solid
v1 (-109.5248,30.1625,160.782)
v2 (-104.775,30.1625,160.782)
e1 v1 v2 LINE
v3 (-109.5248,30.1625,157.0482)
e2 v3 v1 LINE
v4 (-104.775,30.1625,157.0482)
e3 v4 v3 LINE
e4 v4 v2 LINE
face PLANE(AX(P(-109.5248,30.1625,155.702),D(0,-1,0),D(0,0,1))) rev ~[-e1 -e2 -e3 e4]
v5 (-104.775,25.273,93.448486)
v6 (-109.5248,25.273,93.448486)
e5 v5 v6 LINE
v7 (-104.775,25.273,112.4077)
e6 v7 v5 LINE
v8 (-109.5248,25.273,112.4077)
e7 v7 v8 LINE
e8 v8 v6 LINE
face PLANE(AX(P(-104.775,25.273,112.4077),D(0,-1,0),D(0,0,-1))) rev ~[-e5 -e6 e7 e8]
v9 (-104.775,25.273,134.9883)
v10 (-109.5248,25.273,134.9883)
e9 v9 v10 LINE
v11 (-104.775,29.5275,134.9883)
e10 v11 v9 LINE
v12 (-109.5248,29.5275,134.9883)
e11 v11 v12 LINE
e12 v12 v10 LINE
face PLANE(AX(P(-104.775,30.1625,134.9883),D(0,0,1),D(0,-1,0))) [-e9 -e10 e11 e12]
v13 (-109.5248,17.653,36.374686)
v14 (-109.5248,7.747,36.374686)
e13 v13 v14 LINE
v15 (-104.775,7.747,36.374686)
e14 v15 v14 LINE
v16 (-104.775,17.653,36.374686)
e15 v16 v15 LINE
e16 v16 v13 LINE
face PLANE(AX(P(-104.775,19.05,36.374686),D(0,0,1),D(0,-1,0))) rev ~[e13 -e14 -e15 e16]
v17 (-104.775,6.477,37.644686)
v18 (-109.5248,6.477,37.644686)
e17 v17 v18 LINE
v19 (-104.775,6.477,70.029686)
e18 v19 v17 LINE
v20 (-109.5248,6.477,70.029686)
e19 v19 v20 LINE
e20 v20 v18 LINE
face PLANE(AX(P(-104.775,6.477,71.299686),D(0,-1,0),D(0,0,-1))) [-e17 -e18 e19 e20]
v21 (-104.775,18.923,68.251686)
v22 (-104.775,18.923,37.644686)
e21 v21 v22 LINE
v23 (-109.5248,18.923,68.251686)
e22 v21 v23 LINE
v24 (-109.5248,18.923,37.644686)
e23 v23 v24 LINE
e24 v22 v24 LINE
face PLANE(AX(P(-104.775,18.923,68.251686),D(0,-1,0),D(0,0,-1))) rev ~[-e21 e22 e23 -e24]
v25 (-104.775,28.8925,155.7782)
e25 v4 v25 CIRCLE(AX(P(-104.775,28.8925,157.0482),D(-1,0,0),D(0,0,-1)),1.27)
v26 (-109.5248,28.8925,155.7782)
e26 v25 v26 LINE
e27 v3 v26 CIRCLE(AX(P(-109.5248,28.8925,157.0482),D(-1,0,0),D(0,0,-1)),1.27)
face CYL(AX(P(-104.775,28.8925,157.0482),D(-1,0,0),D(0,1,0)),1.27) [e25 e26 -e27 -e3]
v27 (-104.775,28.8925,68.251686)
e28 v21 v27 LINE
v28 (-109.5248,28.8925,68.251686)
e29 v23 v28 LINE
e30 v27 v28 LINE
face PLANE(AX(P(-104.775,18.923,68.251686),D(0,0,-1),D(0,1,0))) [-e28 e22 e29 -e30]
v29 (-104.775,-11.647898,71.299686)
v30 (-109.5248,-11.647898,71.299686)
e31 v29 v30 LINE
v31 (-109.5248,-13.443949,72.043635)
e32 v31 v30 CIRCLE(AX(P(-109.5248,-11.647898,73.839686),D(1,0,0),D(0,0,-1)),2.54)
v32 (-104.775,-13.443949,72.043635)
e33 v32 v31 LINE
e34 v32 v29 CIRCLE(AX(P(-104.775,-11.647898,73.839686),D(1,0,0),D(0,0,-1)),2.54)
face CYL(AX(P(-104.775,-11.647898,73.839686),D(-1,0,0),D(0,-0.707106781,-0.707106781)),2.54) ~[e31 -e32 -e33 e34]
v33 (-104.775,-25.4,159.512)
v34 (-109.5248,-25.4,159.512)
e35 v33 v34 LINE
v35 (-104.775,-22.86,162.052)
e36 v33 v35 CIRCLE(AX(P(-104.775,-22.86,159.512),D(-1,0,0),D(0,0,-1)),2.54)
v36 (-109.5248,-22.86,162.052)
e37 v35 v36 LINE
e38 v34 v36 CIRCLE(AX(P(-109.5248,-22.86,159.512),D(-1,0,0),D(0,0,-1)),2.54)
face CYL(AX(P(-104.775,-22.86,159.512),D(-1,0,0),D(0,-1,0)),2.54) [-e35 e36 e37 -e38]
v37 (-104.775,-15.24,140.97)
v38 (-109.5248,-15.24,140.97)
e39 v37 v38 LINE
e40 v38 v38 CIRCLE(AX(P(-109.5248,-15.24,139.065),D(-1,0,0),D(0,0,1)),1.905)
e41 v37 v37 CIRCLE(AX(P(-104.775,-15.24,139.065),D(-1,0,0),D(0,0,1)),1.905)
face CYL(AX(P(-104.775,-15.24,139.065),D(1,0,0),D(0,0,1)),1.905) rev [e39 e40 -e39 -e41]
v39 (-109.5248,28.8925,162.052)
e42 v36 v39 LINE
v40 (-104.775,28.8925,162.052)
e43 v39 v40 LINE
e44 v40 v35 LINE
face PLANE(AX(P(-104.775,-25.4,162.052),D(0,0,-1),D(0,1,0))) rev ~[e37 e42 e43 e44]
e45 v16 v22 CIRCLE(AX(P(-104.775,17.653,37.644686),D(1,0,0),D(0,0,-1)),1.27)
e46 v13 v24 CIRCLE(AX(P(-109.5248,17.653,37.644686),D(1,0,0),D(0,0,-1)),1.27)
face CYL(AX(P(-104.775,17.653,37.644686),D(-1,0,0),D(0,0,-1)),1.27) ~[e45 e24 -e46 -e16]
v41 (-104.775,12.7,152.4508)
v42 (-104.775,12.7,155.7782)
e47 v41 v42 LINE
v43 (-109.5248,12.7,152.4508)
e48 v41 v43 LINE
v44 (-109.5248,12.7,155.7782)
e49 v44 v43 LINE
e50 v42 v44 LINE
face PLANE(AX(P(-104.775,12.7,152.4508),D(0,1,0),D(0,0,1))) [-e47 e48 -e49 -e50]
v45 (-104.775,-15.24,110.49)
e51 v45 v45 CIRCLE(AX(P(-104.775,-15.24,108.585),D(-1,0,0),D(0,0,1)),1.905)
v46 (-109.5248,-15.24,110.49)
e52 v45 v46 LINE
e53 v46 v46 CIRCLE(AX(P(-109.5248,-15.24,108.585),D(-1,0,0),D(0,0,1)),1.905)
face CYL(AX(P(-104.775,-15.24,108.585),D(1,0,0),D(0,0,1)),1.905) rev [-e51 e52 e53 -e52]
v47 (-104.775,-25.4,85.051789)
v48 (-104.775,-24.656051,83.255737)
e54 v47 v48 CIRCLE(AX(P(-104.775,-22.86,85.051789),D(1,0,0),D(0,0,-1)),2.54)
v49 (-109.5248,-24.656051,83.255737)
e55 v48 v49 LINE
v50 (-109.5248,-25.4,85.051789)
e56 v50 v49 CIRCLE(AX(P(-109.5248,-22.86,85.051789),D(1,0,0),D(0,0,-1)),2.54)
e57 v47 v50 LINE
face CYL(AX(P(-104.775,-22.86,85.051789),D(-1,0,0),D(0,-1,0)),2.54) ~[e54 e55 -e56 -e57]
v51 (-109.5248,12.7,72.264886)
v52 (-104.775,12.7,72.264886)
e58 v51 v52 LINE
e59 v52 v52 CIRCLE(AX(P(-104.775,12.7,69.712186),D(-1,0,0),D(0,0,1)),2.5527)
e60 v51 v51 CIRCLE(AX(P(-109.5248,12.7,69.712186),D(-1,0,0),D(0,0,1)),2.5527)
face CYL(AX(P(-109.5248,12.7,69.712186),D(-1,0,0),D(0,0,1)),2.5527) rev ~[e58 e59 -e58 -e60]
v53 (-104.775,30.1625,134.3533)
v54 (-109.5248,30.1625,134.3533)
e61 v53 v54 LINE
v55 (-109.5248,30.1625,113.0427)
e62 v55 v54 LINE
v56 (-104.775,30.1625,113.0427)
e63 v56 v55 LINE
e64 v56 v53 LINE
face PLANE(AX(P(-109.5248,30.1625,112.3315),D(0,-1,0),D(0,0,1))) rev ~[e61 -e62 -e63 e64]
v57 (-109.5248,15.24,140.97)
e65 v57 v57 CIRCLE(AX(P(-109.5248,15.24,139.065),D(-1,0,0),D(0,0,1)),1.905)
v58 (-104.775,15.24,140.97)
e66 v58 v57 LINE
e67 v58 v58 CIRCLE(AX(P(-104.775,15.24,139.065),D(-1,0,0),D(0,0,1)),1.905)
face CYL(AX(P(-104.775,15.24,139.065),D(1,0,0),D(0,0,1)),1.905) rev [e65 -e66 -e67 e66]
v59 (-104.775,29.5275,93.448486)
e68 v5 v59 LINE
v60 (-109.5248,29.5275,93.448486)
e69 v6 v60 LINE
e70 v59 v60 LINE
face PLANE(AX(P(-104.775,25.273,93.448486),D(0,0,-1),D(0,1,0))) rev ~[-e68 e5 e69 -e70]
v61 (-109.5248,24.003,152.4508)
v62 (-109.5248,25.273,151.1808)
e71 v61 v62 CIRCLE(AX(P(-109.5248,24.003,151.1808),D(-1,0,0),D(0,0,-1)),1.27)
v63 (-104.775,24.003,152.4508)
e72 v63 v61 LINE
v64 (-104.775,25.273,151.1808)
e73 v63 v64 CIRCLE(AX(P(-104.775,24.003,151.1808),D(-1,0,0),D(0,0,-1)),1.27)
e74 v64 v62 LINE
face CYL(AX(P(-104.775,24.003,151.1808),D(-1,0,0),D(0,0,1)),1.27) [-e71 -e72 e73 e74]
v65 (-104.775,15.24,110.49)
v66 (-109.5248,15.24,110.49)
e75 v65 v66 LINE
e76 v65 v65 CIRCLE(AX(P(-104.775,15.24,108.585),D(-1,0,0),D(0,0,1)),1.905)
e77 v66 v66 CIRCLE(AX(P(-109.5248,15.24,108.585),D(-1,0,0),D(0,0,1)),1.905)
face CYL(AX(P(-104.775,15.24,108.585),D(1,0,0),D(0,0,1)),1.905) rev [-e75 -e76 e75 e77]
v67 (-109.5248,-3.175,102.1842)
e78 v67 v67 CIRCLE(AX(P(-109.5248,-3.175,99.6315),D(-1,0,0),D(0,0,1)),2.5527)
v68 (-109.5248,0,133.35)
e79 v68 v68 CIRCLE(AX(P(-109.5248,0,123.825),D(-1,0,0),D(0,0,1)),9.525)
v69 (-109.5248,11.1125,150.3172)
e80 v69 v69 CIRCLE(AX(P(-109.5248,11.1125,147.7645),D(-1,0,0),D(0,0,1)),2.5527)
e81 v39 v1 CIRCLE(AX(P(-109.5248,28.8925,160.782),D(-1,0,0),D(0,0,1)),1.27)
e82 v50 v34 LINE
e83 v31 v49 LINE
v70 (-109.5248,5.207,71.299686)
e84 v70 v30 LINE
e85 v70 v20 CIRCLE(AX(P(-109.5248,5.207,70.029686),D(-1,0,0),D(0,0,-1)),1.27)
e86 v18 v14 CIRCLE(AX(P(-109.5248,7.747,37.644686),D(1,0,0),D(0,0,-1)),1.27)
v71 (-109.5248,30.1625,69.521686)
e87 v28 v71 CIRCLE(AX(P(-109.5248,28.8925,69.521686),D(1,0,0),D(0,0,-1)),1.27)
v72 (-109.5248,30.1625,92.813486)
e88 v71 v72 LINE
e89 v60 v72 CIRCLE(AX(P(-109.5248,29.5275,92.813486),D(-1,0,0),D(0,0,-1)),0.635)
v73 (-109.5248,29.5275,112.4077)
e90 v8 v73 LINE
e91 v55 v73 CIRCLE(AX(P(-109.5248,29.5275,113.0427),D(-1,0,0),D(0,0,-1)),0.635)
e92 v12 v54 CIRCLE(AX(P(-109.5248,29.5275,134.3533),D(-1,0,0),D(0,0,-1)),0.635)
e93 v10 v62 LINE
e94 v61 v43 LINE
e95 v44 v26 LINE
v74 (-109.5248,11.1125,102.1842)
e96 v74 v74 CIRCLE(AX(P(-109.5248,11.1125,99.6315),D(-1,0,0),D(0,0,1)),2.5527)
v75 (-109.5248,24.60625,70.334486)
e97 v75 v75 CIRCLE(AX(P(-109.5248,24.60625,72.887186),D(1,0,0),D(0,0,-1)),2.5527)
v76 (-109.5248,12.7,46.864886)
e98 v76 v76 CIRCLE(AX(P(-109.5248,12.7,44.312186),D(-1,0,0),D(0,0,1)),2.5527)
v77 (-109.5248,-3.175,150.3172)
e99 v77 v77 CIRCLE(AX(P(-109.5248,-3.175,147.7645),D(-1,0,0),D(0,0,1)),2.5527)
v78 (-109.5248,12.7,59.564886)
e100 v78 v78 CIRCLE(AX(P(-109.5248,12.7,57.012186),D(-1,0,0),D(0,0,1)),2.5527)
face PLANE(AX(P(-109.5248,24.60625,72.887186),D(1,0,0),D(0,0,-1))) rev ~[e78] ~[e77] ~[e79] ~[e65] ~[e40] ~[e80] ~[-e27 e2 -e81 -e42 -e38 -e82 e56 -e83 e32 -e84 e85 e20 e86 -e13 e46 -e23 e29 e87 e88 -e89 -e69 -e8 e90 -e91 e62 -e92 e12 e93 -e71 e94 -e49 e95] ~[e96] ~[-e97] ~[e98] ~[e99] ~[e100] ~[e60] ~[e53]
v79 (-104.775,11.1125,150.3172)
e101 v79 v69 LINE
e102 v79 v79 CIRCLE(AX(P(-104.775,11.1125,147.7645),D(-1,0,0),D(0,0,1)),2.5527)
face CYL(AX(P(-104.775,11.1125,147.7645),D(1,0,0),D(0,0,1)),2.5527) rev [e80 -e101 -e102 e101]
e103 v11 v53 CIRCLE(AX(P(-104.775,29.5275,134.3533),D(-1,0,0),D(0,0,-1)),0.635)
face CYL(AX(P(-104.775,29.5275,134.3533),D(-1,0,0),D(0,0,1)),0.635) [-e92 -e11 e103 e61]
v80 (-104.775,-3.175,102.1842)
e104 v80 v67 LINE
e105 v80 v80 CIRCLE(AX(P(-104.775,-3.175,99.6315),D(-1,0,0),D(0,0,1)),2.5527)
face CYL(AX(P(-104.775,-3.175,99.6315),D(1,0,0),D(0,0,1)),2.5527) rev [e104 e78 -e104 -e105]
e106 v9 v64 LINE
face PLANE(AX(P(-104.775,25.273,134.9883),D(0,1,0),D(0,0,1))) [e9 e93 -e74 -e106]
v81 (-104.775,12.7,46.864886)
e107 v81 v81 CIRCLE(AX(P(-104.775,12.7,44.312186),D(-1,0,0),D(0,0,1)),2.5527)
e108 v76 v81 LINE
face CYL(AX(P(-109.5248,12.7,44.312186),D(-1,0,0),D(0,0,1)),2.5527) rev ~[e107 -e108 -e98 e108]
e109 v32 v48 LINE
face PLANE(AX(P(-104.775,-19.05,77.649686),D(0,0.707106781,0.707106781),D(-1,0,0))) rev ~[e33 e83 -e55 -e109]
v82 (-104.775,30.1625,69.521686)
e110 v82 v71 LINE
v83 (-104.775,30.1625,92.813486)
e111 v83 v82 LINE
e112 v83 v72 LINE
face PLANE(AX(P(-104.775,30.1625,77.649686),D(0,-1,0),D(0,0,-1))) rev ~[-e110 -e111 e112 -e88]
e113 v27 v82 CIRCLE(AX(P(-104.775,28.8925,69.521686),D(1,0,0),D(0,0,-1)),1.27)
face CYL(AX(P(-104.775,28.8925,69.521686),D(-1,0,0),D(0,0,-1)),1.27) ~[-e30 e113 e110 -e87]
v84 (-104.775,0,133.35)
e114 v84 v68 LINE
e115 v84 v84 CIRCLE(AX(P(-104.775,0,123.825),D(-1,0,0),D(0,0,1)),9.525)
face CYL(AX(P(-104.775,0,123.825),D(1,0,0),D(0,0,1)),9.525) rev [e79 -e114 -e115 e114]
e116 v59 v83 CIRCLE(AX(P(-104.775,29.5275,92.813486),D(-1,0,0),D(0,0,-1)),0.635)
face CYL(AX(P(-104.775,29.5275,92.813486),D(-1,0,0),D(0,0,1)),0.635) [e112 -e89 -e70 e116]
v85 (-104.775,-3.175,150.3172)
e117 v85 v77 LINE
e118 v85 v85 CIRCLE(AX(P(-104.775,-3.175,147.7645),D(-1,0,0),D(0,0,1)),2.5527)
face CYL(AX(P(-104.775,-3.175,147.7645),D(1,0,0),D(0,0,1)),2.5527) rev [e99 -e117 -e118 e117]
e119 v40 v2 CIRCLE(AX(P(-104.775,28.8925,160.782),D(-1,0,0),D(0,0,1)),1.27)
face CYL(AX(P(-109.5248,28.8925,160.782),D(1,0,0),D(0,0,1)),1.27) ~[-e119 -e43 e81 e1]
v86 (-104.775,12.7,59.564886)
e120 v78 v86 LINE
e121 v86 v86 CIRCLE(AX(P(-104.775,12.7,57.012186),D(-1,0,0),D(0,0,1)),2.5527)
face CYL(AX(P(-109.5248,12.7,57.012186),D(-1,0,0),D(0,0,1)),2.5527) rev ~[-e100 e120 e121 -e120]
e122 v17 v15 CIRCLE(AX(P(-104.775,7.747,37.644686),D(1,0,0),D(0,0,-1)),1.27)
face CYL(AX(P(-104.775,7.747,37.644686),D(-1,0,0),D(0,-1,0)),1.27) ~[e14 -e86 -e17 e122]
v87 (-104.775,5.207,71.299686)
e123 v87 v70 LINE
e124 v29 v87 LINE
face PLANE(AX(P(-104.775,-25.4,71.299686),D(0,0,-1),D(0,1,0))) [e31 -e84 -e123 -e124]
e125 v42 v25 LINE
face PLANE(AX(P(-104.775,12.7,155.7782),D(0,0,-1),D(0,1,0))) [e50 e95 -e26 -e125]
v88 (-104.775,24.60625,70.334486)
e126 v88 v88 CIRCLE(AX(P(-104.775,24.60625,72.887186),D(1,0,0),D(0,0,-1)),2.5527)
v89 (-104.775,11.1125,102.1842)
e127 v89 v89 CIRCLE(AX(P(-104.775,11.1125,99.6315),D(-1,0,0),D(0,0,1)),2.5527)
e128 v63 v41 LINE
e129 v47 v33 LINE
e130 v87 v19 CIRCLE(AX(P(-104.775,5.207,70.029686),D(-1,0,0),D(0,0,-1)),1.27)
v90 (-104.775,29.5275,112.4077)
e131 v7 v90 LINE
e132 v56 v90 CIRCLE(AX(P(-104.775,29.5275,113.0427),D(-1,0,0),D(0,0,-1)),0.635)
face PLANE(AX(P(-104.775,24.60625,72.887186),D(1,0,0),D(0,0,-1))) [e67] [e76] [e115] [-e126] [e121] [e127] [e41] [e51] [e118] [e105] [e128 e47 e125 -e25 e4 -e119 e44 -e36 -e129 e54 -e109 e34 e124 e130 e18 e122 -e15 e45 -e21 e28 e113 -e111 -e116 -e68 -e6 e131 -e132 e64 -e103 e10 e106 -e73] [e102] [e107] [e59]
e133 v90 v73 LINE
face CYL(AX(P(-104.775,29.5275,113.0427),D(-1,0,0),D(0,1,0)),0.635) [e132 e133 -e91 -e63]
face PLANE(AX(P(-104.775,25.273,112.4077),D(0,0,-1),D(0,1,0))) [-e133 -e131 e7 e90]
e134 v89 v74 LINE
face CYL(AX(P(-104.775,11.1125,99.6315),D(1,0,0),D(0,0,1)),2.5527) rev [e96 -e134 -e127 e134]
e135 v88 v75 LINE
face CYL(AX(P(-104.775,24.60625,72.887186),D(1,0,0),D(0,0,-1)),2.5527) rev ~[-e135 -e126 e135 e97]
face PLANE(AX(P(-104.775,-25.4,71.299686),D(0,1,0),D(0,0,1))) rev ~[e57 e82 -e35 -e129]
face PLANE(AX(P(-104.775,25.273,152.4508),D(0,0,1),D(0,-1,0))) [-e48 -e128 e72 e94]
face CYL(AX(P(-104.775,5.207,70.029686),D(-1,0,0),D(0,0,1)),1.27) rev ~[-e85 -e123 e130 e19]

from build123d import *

# Parameters (mm, degrees)
SKETCH6_R                   = 9.525
SKETCH6_R_2                 = 1.905
SKETCH6_R_3                 = 2.5527
SIDE_PLATE_EXTRUDE_DEPTH    = 4.7498
SKETCH15_R                  = 2.5527
CUSTOM_NUTSTRIP_HOLES_DEPTH = 5.7498
SKETCH43_W                  = 3.175
SKETCH43_H                  = 12.7
CUT_EXTRUDE19_DEPTH         = 5.7498
SKETCH73_W                  = 15.875
SKETCH73_H                  = 4.7625
SKETCH73_W_2                = 22.733
SKETCH73_W_3                = 6.35
BOSS_EXTRUDE28_DEPTH        = 4.7498
SKETCH108_W                 = 9.525
SKETCH108_H                 = 11.1125
SKETCH108_R                 = 2.5527
BOSS_EXTRUDE35_DEPTH        = 4.7498
SKETCH90_W                  = 18.959213894
SKETCH90_H                  = 4.8895
SKETCH90_W_2                = 34.925
SKETCH90_H_2                = 31.877
SIDE_PLATE_TOLERENCES_DEPTH = 5.7498
CHAMFER8_SIZE               = 12.7
FILLET15_R                  = 2.54
FILLET26_R                  = 1.27
FILLET29_R                  = 0.635


with BuildPart() as part:
    # Sketch6 → Side Plate Extrude (new body)
    with BuildSketch(Plane.ZY.offset(104.775)):
        Polygon((162.052, -25.4), (162.052, 25.4), (77.649686106, 25.4), (77.649686106, 19.05), (36.374686106, 19.05), (36.374686106, 6.35), (71.299686106, 6.35), (71.299686106, -25.4), align=None)
        with Locations((123.825, 0)):
            Circle(SKETCH6_R, mode=Mode.SUBTRACT)
        with Locations((108.585, -15.24)):
            Circle(SKETCH6_R_2, mode=Mode.SUBTRACT)
        with Locations((108.585, 15.24)):
            Circle(SKETCH6_R_2, mode=Mode.SUBTRACT)
        with Locations((139.065, 15.24)):
            Circle(SKETCH6_R_2, mode=Mode.SUBTRACT)
        with Locations((139.065, -15.24)):
            Circle(SKETCH6_R_2, mode=Mode.SUBTRACT)
        with Locations((147.7645, 11.1125)):
            Circle(SKETCH6_R_3, mode=Mode.SUBTRACT)
        with Locations((99.6315, 11.1125)):
            Circle(SKETCH6_R_3, mode=Mode.SUBTRACT)
        with Locations((99.6315, -3.175)):
            Circle(SKETCH6_R_3, mode=Mode.SUBTRACT)
        with Locations((147.7645, -3.175)):
            Circle(SKETCH6_R_3, mode=Mode.SUBTRACT)
    extrude(amount=SIDE_PLATE_EXTRUDE_DEPTH)

    # Sketch15 → Custom Nutstrip Holes (cut, through all)
    with BuildSketch(Plane.ZY.offset(109.5248)):
        with Locations((44.312186106, 12.7)):
            Circle(SKETCH15_R)
        with Locations((57.012186106, 12.7)):
            Circle(SKETCH15_R)
        with Locations((69.712186106, 12.7)):
            Circle(SKETCH15_R)
    extrude(amount=-CUSTOM_NUTSTRIP_HOLES_DEPTH, mode=Mode.SUBTRACT)

    # Sketch43 → Cut-Extrude19 (cut, through all)
    with BuildSketch(Plane.ZY.offset(109.5248)):
        with Locations((154.1145, 19.05)):
            Rectangle(SKETCH43_W, SKETCH43_H)
    extrude(amount=-CUT_EXTRUDE19_DEPTH, mode=Mode.SUBTRACT)

    # Sketch73 → Boss-Extrude28 (add, through all)
    with BuildSketch(Plane.ZY.offset(109.5248)):
        with Locations((85.587186106, 27.78125)):
            Rectangle(SKETCH73_W, SKETCH73_H)
        with Locations((123.698, 27.78125)):
            Rectangle(SKETCH73_W_2, SKETCH73_H)
        with Locations((158.877, 27.78125)):
            Rectangle(SKETCH73_W_3, SKETCH73_H)
    extrude(amount=-BOSS_EXTRUDE28_DEPTH)

    # Sketch108 → Boss-Extrude35 (add, through all)
    with BuildSketch(Plane(origin=(-104.775, 0, 0), x_dir=(0, 0, -1), z_dir=(1, 0, 0))):
        with Locations((-72.887186106, 24.60625)):
            Rectangle(SKETCH108_W, SKETCH108_H)
        with Locations((-72.887186106, 24.60625)):
            Circle(SKETCH108_R, mode=Mode.SUBTRACT)
    extrude(amount=-BOSS_EXTRUDE35_DEPTH)

    # Sketch90 → Side Plate Tolerences (cut, through all)
    with BuildSketch(Plane(origin=(-104.775, 0, 0), x_dir=(0, 0, -1), z_dir=(1, 0, 0))):
        Polygon((-152.4508, 12.7), (-155.7782, 12.7), (-155.7782, 30.1625), (-152.4508, 30.1625), (-134.9883, 30.1625), (-134.9883, 25.273), (-152.4508, 25.273), align=None)
        with Locations((-102.928093053, 27.71775)):
            Rectangle(SKETCH90_W, SKETCH90_H)
        Polygon((-68.124686106, 19.05), (-36.374686106, 19.05), (-36.374686106, 18.923), (-68.124686106, 18.923), (-68.251686106, 18.923), (-68.251686106, 30.1625), (-68.124686106, 30.1625), align=None)
        with Locations((-53.837186106, -9.4615)):
            Rectangle(SKETCH90_W_2, SKETCH90_H_2)
    extrude(amount=-SIDE_PLATE_TOLERENCES_DEPTH, mode=Mode.SUBTRACT)

    # Chamfer8
    chamfer8_edges = [part.edges().sort_by_distance(p)[0] for p in [
        (-107.1499, -25.4, 71.299686106),
    ]]
    chamfer(chamfer8_edges, length=CHAMFER8_SIZE)

    # Fillet15
    fillet15_edges = [part.edges().sort_by_distance(p)[0] for p in [
        (-107.1499, -25.4, 162.052),
        (-107.1499, -25.4, 83.999686106),
        (-107.1499, -12.7, 71.299686106),
    ]]
    fillet(fillet15_edges, radius=FILLET15_R)

    # Fillet26
    fillet26_edges = [part.edges().sort_by_distance(p)[0] for p in [
        (-107.1499, 30.1625, 162.052),
        (-107.1499, 30.1625, 155.7782),
        (-107.1499, 25.273, 152.4508),
        (-107.1499, 18.923, 36.374686106),
        (-107.1499, 30.1625, 68.251686106),
        (-107.1499, 6.477, 36.374686106),
        (-107.1499, 6.477, 71.299686106),
    ]]
    fillet(fillet26_edges, radius=FILLET26_R)

    # Fillet29
    fillet29_edges = [part.edges().sort_by_distance(p)[0] for p in [
        (-107.1499, 30.1625, 134.9883),
        (-107.1499, 30.1625, 112.4077),
        (-107.1499, 30.1625, 93.448486106),
    ]]
    fillet(fillet29_edges, radius=FILLET29_R)


solid = part.part
